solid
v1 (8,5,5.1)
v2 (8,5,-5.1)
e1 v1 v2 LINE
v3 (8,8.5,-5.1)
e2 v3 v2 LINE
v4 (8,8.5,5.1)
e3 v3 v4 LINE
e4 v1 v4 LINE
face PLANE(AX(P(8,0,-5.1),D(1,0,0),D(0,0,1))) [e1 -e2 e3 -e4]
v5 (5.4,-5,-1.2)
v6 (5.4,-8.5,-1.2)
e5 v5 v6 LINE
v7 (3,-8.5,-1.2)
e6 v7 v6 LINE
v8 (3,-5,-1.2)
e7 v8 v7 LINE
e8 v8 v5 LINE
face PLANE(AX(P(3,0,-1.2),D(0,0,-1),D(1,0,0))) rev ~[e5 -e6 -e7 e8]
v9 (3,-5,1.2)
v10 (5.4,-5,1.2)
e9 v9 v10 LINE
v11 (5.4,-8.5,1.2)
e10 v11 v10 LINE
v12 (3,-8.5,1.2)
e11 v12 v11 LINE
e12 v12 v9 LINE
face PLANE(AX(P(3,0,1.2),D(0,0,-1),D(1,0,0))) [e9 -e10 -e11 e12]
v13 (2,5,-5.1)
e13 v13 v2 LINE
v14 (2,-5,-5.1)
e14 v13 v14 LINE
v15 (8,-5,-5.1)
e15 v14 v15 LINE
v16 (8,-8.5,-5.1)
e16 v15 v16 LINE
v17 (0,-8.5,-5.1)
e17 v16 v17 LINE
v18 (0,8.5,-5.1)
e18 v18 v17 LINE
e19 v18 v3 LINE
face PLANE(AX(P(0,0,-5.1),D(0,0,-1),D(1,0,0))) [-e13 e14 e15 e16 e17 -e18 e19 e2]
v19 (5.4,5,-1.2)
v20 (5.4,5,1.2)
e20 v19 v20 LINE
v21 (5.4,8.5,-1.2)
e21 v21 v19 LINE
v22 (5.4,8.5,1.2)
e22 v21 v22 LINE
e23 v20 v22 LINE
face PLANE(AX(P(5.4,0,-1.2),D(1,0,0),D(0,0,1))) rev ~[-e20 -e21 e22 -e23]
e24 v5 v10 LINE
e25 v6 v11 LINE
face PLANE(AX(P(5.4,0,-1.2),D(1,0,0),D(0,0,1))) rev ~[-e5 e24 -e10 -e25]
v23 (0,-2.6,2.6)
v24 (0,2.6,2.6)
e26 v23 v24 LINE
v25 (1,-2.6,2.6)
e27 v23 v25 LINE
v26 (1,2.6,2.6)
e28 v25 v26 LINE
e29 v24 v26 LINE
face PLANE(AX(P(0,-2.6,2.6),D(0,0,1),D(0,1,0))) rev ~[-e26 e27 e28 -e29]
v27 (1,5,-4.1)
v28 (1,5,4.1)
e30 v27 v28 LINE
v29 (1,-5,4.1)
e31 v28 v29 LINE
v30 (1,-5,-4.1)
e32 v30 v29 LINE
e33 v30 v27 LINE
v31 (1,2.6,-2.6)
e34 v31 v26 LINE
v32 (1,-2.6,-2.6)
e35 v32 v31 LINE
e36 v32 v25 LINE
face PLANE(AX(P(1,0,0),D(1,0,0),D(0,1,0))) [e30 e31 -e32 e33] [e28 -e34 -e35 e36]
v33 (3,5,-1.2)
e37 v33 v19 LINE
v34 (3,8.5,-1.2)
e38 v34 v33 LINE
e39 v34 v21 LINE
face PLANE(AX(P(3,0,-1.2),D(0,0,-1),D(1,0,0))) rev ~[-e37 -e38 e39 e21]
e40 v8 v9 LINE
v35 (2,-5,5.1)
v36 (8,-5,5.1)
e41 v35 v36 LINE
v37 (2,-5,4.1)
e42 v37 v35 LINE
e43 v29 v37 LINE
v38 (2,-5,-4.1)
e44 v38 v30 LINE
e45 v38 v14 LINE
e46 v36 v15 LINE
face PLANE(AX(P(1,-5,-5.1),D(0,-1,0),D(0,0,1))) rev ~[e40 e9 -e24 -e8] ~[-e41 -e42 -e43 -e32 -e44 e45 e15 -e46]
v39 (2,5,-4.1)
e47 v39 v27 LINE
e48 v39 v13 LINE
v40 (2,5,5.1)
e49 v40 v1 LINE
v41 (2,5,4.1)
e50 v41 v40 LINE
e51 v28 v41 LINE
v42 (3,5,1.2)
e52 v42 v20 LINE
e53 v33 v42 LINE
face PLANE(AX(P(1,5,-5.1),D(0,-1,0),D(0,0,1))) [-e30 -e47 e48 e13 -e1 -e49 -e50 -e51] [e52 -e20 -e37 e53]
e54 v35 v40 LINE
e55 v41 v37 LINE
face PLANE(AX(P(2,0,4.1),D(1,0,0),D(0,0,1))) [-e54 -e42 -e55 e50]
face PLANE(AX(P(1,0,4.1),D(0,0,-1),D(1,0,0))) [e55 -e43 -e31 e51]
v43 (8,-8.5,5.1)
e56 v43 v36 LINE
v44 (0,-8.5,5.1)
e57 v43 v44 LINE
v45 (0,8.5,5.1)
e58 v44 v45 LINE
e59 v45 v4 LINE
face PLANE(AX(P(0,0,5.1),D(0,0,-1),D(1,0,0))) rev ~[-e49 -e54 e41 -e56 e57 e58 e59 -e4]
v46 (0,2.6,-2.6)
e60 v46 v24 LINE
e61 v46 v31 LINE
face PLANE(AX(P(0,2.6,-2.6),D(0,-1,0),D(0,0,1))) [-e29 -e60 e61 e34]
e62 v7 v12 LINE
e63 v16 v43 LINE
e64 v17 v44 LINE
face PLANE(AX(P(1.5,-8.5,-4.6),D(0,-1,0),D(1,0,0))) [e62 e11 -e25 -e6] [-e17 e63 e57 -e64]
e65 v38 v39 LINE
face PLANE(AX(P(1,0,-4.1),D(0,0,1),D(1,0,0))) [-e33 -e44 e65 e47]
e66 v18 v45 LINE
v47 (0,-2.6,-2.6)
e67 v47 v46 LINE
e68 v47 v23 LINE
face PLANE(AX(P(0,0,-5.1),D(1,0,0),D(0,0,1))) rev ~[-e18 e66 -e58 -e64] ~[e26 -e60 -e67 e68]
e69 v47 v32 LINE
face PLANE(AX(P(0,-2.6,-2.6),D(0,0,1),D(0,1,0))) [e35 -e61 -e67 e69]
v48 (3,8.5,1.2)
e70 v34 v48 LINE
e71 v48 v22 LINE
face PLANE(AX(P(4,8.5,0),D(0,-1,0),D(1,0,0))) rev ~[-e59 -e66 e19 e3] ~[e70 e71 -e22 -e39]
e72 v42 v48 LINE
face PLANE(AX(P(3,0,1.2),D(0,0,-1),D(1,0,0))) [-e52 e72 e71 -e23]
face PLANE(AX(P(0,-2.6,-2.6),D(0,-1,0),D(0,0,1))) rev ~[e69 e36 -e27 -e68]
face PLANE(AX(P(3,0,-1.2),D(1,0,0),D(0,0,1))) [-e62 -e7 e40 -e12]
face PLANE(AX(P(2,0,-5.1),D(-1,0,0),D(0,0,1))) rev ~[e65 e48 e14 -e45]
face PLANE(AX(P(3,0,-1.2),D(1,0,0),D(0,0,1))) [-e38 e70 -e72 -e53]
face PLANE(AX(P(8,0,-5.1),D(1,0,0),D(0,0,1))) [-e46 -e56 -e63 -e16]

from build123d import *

# Parameters (mm, degrees)
SKETCH049_W      = 1
SKETCH049_H      = 1
EXTRUDE052_DEPTH = 8.5
SKETCH048_W      = 2.4
SKETCH048_H      = 2.4
EXTRUDE051_DEPTH = 8.5
SKETCH046_W      = 5.2
SKETCH046_H      = 5.2
EXTRUDE049_DEPTH = 1
SKETCH047_W      = 10
SKETCH047_H      = 10.2
EXTRUDE050_DEPTH = 8
SKETCH045_W      = 8
SKETCH045_H      = 10.2
EXTRUDE048_DEPTH = 8.5


with BuildPart() as extrude052:
    # Sketch049 → Extrude052 (new body, symmetric)
    with BuildSketch(Plane.XZ):
        with Locations((1.5, -4.6)):
            Rectangle(SKETCH049_W, SKETCH049_H)
        with Locations((1.5, 4.6)):
            Rectangle(SKETCH049_W, SKETCH049_H)
    extrude(amount=EXTRUDE052_DEPTH, both=True)


with BuildPart() as extrude_buco_per_perno_blocco_neopixel:
    # Sketch048 → Extrude051 (new body, symmetric)
    with BuildSketch(Plane.XZ):
        with Locations((4.2, 0)):
            Rectangle(SKETCH048_W, SKETCH048_H)
    extrude(amount=EXTRUDE051_DEPTH, both=True)


with BuildPart() as extrude_scavo_5x5_neopixel:
    # Sketch046 → Extrude049 (new body)
    with BuildSketch(Plane.YZ):
        Rectangle(SKETCH046_W, SKETCH046_H)
    extrude(amount=EXTRUDE049_DEPTH)


with BuildPart() as extrude_scavo_10x10_neopixel_corpo:
    # Sketch047 → Extrude050 (new body)
    with BuildSketch(Plane.YZ):
        Rectangle(SKETCH047_W, SKETCH047_H)
    extrude(amount=EXTRUDE050_DEPTH)


with BuildPart() as extrude_scavo_10x10_neopixel_corpo_1:
    # Extrude050 placement: moved
    add(extrude_scavo_10x10_neopixel_corpo.part.moved(Location((1, 0, 0))))


with BuildPart() as fusion_neopixel:
    # Sketch045 → Extrude048 (new body, symmetric)
    with BuildSketch(Plane.XZ):
        with Locations((4, 0)):
            Rectangle(SKETCH045_W, SKETCH045_H)
    extrude(amount=EXTRUDE048_DEPTH, both=True)

    # Cut030: cut Extrude scavo 10x10 neopixel corpo
    add(extrude_scavo_10x10_neopixel_corpo_1.part, mode=Mode.SUBTRACT)

    # Cut031: cut Extrude scavo 5x5 neopixel
    add(extrude_scavo_5x5_neopixel.part, mode=Mode.SUBTRACT)

    # Cut032: cut Extrude buco per perno blocco neopixel
    add(extrude_buco_per_perno_blocco_neopixel.part, mode=Mode.SUBTRACT)

    # Fusion001: union Extrude052
    add(extrude052.part)


solid = fusion_neopixel.part
